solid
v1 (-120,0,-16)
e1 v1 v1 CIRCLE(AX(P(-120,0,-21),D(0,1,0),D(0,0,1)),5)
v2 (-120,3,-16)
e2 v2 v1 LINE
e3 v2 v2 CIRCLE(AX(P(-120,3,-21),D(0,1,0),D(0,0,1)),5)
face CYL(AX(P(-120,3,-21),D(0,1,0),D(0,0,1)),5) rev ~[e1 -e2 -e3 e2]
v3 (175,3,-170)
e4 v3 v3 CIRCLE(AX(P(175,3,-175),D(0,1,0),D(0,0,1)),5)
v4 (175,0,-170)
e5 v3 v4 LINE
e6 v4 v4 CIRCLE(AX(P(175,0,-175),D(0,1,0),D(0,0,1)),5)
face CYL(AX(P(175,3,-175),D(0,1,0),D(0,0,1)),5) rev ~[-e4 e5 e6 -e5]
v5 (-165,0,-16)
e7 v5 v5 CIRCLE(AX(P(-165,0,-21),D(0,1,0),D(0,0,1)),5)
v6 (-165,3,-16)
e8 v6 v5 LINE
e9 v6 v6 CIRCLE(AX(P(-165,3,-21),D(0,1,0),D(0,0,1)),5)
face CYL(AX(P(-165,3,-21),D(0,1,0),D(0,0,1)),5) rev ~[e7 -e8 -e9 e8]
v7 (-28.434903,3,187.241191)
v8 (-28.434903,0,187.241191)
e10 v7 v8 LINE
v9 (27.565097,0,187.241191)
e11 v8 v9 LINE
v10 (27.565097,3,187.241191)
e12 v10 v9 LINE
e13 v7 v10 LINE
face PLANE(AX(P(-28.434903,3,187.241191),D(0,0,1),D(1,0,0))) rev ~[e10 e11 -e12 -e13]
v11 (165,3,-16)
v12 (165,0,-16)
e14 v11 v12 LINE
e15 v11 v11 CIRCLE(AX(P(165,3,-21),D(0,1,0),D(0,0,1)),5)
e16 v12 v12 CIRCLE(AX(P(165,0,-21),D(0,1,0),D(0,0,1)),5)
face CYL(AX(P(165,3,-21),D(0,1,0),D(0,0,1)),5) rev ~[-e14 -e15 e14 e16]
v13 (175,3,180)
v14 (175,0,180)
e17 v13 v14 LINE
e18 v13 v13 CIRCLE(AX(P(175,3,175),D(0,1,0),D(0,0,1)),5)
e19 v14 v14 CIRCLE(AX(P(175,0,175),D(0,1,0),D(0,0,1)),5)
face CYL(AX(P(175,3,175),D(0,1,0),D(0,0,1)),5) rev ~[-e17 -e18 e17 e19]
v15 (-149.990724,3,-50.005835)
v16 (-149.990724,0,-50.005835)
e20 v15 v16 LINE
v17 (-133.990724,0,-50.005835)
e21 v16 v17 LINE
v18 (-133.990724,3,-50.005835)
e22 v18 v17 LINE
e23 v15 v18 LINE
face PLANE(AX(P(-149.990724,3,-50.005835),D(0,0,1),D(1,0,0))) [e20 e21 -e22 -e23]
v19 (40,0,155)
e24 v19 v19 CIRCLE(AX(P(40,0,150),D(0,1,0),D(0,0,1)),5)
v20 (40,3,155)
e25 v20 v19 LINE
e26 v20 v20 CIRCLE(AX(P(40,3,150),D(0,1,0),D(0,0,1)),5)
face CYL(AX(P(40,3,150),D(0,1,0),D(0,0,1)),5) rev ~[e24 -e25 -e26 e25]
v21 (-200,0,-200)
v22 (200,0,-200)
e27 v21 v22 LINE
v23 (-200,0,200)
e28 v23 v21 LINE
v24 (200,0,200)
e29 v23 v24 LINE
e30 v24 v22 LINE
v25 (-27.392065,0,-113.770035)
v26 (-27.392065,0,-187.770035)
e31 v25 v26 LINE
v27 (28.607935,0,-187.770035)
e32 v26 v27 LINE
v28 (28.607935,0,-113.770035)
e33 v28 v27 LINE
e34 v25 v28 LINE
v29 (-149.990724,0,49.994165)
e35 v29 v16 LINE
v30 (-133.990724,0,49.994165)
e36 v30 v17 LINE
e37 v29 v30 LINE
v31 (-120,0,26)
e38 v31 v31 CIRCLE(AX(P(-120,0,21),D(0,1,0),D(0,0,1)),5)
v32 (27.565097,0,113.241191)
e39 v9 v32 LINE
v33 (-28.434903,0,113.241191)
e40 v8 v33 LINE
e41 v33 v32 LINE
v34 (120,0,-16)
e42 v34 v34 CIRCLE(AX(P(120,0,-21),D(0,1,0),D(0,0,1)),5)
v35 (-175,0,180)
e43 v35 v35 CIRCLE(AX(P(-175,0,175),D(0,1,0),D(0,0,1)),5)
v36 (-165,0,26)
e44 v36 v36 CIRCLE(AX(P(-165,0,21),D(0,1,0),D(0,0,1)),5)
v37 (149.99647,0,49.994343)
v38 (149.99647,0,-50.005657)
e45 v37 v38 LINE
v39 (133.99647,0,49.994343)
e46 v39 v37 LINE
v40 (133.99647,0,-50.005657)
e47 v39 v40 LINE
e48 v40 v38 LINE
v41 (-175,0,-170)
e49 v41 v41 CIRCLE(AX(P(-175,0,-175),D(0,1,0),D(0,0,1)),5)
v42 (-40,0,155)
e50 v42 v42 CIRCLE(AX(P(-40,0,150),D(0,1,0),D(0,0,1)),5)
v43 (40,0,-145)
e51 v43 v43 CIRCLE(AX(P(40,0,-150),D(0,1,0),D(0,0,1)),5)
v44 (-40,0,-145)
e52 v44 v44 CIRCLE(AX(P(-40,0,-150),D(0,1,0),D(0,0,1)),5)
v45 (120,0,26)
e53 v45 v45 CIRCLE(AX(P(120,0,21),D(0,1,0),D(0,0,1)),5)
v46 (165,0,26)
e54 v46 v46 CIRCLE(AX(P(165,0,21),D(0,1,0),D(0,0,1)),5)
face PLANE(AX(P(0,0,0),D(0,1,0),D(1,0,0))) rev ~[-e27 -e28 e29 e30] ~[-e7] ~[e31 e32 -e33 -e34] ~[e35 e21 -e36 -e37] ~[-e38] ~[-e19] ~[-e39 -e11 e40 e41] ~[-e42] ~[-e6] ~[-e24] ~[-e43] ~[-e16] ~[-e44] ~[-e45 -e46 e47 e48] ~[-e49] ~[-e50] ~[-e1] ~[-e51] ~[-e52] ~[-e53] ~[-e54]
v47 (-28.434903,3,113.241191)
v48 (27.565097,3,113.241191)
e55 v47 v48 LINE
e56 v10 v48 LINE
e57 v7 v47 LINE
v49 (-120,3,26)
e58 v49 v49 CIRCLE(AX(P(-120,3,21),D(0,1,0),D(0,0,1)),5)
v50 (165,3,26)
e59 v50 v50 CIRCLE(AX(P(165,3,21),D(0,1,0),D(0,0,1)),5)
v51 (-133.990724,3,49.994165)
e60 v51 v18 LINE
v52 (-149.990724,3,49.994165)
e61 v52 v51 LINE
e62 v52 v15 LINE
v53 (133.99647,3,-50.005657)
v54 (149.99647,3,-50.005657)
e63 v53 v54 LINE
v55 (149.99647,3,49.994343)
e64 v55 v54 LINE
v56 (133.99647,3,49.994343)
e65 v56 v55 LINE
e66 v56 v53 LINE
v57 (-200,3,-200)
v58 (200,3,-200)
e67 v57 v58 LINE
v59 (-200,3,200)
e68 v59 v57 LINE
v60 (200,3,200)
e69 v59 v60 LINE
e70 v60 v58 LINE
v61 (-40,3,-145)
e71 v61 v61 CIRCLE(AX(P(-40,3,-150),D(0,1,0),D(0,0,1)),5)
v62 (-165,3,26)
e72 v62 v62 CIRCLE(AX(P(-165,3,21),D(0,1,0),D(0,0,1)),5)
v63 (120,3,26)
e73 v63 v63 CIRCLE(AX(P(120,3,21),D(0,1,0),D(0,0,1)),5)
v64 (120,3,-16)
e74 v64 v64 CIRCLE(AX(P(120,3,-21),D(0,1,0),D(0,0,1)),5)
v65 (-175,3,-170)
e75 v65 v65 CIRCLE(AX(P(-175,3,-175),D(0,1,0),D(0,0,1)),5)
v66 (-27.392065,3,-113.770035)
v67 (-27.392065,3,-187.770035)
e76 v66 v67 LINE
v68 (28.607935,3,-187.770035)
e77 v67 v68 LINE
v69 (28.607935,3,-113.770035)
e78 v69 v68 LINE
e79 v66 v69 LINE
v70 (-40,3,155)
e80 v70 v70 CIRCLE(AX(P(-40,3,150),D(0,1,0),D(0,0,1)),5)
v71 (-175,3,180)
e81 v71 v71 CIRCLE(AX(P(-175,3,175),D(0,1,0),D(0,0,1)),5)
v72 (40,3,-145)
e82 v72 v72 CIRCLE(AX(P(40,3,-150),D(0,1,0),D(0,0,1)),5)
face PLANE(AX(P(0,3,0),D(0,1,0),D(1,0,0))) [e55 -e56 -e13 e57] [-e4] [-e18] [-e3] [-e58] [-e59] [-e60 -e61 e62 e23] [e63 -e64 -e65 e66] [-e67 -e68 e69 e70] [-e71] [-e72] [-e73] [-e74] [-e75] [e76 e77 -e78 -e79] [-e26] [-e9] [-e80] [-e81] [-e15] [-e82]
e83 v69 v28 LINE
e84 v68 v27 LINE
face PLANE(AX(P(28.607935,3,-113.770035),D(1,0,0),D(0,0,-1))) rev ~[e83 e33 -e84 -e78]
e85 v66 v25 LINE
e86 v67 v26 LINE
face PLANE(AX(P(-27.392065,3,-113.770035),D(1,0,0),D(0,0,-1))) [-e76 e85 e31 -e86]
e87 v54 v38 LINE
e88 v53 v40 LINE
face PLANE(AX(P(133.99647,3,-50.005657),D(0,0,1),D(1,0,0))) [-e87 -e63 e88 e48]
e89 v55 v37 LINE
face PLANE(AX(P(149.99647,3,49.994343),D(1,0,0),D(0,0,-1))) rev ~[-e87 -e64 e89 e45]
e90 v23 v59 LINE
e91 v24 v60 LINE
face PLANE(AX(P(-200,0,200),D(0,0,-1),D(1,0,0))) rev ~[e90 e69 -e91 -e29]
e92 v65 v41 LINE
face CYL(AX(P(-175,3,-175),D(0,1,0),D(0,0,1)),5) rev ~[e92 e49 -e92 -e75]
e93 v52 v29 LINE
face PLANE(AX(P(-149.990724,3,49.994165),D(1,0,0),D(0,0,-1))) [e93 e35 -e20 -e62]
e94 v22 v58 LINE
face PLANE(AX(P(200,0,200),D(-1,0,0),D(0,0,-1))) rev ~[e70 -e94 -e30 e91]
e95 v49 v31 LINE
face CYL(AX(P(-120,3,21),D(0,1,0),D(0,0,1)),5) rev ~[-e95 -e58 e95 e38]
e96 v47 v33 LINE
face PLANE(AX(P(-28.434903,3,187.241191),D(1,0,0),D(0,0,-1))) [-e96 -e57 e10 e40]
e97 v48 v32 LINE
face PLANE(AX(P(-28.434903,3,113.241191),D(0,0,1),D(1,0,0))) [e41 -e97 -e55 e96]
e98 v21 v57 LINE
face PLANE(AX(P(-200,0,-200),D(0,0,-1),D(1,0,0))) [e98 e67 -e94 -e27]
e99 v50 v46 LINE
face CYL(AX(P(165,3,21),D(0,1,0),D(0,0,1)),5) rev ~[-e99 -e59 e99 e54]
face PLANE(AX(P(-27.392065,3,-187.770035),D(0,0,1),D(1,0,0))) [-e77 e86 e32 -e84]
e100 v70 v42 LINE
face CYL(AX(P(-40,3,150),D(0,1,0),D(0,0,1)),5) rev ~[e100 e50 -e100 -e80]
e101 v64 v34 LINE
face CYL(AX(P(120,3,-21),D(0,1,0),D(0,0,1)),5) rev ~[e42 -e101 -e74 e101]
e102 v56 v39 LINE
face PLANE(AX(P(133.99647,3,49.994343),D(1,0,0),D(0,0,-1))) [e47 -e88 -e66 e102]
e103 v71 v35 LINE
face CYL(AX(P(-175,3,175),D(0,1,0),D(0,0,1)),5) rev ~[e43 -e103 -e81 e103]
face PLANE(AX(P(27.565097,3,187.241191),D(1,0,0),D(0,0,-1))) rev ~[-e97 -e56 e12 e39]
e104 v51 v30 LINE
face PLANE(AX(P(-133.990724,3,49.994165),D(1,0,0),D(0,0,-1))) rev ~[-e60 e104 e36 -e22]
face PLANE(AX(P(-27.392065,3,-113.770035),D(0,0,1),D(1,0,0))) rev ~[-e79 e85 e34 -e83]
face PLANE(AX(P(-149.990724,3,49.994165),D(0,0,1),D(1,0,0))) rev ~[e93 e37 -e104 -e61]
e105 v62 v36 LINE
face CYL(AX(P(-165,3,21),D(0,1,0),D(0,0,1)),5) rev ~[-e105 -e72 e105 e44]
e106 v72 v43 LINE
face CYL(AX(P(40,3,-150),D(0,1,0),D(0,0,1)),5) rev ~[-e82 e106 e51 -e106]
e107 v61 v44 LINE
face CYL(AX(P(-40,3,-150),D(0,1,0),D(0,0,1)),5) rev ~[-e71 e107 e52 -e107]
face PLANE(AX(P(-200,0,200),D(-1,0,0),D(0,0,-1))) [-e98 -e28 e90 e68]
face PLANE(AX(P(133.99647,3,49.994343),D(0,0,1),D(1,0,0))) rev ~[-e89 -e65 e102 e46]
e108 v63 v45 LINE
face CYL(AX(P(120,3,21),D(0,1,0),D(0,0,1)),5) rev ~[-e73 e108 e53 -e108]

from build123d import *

# Parameters (mm, degrees)
SKETCH1_W           = 400
SKETCH1_H           = 400
BOSS_EXTRUDE1_DEPTH = 3
SKETCH3_W           = 16
SKETCH3_H           = 100
CUT_EXTRUDE1_DEPTH  = 3
SKETCH4_W           = 56
SKETCH4_H           = 74
CUT_EXTRUDE2_DEPTH  = 3
SKETCH5_R           = 5
CUT_EXTRUDE3_DEPTH  = 3


with BuildPart() as part:
    # Sketch1 → Boss-Extrude1 (new body)
    with BuildSketch(Plane(origin=(0, 0, 0), x_dir=(1, 0, 0), z_dir=(0, 1, 0))):
        Rectangle(SKETCH1_W, SKETCH1_H)
    extrude(amount=BOSS_EXTRUDE1_DEPTH)

    # Sketch3 → Cut-Extrude1 (cut)
    with BuildSketch(Plane(origin=(0, 3, 0), x_dir=(1, 0, 0), z_dir=(0, 1, 0))):
        with Locations((-141.990723633, 0.005834667)):
            Rectangle(SKETCH3_W, SKETCH3_H)
        with Locations((141.996469981, 0.005657447)):
            Rectangle(SKETCH3_W, SKETCH3_H)
    extrude(amount=-CUT_EXTRUDE1_DEPTH, mode=Mode.SUBTRACT)

    # Sketch4 → Cut-Extrude2 (cut)
    with BuildSketch(Plane(origin=(0, 3, 0), x_dir=(1, 0, 0), z_dir=(0, 1, 0))):
        with Locations((0.607935106, 150.770035388)):
            Rectangle(SKETCH4_W, SKETCH4_H)
        with Locations((-0.434902884, -150.241190723)):
            Rectangle(SKETCH4_W, SKETCH4_H)
    extrude(amount=-CUT_EXTRUDE2_DEPTH, mode=Mode.SUBTRACT)

    # Sketch5 → Cut-Extrude3 (cut)
    with BuildSketch(Plane(origin=(0, 3, 0), x_dir=(1, 0, 0), z_dir=(0, 1, 0))):
        with Locations(Location((-165, 21, 0), (0, 0, 270))):
            Circle(SKETCH5_R)
        with Locations(Location((-165, -21, 0), (0, 0, 270))):
            Circle(SKETCH5_R)
        with Locations(Location((-120, 21, 0), (0, 0, 270))):
            Circle(SKETCH5_R)
        with Locations(Location((-120, -21, 0), (0, 0, 270))):
            Circle(SKETCH5_R)
        with Locations(Location((165, 21, 0), (0, 0, 270))):
            Circle(SKETCH5_R)
        with Locations(Location((165, -21, 0), (0, 0, 270))):
            Circle(SKETCH5_R)
        with Locations(Location((120, 21, 0), (0, 0, 270))):
            Circle(SKETCH5_R)
        with Locations(Location((120, -21, 0), (0, 0, 270))):
            Circle(SKETCH5_R)
        with Locations(Location((-40, -150, 0), (0, 0, 270))):
            Circle(SKETCH5_R)
        with Locations(Location((40, -150, 0), (0, 0, 270))):
            Circle(SKETCH5_R)
        with Locations(Location((-40, 150, 0), (0, 0, 270))):
            Circle(SKETCH5_R)
        with Locations(Location((40, 150, 0), (0, 0, 270))):
            Circle(SKETCH5_R)
        with Locations(Location((-175, 175, 0), (0, 0, 270))):
            Circle(SKETCH5_R)
        with Locations(Location((175, 175, 0), (0, 0, 270))):
            Circle(SKETCH5_R)
        with Locations(Location((175, -175, 0), (0, 0, 270))):
            Circle(SKETCH5_R)
        with Locations(Location((-175, -175, 0), (0, 0, 270))):
            Circle(SKETCH5_R)
    extrude(amount=-CUT_EXTRUDE3_DEPTH, mode=Mode.SUBTRACT)


solid = part.part
